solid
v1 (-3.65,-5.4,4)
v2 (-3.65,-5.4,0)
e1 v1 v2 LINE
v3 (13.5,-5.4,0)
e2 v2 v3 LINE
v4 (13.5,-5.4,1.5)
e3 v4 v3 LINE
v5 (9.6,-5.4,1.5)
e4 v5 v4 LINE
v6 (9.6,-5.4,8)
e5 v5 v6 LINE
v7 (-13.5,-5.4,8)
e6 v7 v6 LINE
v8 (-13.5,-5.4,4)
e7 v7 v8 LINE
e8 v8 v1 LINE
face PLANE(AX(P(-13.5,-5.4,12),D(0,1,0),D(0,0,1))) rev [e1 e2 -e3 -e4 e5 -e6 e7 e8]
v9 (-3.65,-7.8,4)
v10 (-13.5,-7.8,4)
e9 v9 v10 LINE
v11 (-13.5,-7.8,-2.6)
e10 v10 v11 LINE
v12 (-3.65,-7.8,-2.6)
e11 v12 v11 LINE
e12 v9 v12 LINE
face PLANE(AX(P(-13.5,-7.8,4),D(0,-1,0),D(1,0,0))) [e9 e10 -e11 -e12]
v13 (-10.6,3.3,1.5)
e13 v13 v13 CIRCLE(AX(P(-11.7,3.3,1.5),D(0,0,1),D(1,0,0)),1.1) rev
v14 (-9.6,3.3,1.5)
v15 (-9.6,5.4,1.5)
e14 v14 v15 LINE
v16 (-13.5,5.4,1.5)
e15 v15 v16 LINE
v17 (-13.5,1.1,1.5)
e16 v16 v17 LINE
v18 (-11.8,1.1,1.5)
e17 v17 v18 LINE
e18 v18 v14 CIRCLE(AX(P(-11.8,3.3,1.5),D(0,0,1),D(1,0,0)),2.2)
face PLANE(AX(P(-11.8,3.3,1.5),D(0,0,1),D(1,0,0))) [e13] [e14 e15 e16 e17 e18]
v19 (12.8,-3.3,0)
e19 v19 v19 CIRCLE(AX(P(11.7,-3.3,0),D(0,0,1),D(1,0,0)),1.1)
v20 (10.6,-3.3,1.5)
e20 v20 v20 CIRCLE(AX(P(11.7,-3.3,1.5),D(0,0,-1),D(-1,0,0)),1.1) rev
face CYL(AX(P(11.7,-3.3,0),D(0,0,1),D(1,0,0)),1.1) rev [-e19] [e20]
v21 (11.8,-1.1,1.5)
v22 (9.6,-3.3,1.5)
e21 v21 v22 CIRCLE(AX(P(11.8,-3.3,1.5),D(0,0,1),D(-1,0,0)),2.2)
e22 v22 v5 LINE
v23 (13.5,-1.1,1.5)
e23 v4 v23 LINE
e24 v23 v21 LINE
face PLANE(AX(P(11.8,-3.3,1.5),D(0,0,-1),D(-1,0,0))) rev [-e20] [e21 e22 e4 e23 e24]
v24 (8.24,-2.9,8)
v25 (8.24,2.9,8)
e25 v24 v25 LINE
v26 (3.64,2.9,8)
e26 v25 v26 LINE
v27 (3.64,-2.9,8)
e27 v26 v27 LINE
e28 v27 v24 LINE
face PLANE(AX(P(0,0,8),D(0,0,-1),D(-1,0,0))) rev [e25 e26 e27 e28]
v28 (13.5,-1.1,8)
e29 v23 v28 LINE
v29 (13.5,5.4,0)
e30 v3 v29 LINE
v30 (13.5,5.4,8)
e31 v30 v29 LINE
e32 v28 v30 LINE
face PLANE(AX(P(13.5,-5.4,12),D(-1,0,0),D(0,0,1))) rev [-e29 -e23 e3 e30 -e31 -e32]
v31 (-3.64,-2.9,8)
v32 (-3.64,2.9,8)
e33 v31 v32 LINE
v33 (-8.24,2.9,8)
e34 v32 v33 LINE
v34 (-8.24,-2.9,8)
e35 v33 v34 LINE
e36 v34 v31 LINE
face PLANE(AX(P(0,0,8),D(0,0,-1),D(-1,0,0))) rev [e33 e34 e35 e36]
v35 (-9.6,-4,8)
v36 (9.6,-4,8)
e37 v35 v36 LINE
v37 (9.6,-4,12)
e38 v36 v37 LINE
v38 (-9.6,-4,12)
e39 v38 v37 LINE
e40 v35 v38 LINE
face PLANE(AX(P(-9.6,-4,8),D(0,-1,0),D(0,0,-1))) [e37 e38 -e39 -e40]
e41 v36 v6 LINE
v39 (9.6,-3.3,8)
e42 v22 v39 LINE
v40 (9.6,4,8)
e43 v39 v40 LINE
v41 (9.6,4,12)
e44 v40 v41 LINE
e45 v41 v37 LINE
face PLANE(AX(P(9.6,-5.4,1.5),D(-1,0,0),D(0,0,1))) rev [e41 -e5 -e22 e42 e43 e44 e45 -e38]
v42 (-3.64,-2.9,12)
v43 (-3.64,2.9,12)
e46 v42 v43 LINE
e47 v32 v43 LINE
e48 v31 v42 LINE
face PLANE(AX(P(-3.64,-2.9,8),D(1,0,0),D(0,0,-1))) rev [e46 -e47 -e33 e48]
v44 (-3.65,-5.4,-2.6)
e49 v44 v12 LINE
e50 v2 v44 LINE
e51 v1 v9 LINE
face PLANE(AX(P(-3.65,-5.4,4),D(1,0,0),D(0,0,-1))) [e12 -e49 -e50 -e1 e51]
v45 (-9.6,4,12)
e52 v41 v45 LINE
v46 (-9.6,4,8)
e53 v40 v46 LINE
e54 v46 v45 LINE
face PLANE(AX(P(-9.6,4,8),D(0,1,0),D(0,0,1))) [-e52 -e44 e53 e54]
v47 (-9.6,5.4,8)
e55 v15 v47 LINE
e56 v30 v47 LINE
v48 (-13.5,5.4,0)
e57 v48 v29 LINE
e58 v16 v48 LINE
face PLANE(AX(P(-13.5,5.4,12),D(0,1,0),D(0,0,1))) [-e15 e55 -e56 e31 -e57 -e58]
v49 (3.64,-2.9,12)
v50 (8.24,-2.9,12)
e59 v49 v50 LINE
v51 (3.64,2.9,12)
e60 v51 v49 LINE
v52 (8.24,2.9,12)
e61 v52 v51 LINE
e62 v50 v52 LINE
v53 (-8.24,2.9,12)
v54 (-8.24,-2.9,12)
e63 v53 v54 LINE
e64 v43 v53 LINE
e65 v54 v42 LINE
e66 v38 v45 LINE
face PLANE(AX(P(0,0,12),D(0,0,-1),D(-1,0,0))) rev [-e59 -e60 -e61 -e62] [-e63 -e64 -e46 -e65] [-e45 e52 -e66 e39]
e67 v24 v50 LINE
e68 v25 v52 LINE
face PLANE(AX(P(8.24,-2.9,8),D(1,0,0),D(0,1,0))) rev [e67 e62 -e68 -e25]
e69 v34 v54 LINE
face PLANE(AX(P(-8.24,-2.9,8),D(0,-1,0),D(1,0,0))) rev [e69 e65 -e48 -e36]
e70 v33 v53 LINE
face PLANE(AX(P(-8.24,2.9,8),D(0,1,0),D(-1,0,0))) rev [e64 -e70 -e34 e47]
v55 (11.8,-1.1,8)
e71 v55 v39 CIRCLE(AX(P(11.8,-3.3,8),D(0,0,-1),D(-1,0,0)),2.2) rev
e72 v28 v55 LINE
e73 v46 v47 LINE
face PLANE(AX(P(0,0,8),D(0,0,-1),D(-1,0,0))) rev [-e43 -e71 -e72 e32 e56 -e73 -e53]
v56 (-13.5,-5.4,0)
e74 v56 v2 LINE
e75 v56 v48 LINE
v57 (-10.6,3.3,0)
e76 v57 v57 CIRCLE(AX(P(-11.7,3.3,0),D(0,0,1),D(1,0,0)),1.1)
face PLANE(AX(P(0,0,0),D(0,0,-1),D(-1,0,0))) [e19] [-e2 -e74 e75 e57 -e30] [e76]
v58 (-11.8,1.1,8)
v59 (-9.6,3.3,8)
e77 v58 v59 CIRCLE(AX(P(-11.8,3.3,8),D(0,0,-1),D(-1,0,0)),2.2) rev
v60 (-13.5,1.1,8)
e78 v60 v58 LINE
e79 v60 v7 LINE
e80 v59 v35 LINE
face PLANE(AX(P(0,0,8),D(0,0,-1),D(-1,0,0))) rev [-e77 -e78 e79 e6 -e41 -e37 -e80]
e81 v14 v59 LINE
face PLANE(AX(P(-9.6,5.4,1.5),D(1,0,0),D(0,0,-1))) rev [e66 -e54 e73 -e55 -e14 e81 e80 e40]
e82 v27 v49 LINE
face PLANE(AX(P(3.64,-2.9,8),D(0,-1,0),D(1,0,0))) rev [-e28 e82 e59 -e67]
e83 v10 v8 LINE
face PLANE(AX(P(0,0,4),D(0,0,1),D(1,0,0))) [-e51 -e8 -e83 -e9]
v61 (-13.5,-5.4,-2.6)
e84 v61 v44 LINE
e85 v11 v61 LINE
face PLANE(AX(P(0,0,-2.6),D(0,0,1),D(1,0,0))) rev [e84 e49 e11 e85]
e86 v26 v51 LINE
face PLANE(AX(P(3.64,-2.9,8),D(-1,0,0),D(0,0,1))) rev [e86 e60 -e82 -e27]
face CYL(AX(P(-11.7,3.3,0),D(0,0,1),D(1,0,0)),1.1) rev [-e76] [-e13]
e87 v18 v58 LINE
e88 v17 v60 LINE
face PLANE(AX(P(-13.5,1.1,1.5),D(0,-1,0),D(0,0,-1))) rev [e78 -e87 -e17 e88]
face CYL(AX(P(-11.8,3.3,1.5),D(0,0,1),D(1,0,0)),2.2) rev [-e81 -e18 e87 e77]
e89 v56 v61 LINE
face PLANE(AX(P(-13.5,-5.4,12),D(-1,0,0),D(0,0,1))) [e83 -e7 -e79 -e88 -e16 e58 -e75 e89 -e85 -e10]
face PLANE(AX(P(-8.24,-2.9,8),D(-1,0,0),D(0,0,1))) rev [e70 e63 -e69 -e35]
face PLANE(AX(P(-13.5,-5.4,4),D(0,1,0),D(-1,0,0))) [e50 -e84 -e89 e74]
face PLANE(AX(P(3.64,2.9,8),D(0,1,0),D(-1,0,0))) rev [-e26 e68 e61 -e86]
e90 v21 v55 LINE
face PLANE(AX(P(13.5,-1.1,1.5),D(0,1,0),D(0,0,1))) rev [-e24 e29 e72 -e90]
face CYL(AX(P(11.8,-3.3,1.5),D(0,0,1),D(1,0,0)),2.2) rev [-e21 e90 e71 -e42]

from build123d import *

# Parameters (mm, degrees)
SKETCH1_W                = 27
SKETCH1_H                = 10.8
BOSS_EXTRUDE1_DEPTH      = 12
SKETCH2_R                = 1.1
CUT_EXTRUDE1_DEPTH       = 19.852320812
CUT_EXTRUDE2_DEPTH       = 10.5
SKETCH4_W                = 27
SKETCH4_H                = 10.8
SKETCH4_W_2              = 19.2
SKETCH4_H_2              = 8
CUT_EXTRUDE3_DEPTH       = 4
SKETCH5_W                = 4.6
SKETCH5_H                = 5.8
CUT_EXTRUDE4_DEPTH       = 4
BOSS_EXTRUDE2_DEPTH      = 2.6
BOSS_EXTRUDE2_DEPTH_BACK = 4
SKETCH7_W                = 9.85
SKETCH7_H                = 2.4


with BuildPart() as part:
    # Sketch1 → Boss-Extrude1 (new body)
    with BuildSketch(Plane.XY):
        Rectangle(SKETCH1_W, SKETCH1_H)
    extrude(amount=BOSS_EXTRUDE1_DEPTH)

    # Sketch2 → Cut-Extrude1 (cut, through all)
    with BuildSketch(Plane.XY.offset(12)):
        with Locations((-11.7, 3.3)):
            Circle(SKETCH2_R)
        with Locations((11.7, -3.3)):
            Circle(SKETCH2_R)
    extrude(amount=-CUT_EXTRUDE1_DEPTH, mode=Mode.SUBTRACT)

    # Sketch3 → Cut-Extrude2 (cut)
    with BuildSketch(Plane.XY.offset(12)):
        with BuildLine():
            Line((9.6, -5.4), (9.6, -3.3))
            ThreePointArc((9.6, -3.3), (10.244365081, -1.744365081), (11.8, -1.1))
            Line((11.8, -1.1), (13.5, -1.1))
            Line((13.5, -1.1), (13.5, -5.4))
            Line((13.5, -5.4), (9.6, -5.4))
        make_face()
        with BuildLine():
            Line((-9.6, 5.4), (-9.6, 3.3))
            ThreePointArc((-9.6, 3.3), (-10.244365081, 1.744365081), (-11.8, 1.1))
            Line((-11.8, 1.1), (-13.5, 1.1))
            Line((-13.5, 1.1), (-13.5, 5.4))
            Line((-13.5, 5.4), (-9.6, 5.4))
        make_face()
    extrude(amount=-CUT_EXTRUDE2_DEPTH, mode=Mode.SUBTRACT)

    # Sketch4 → Cut-Extrude3 (cut)
    with BuildSketch(Plane.XY.offset(12)):
        Rectangle(SKETCH4_W, SKETCH4_H)
        Rectangle(SKETCH4_W_2, SKETCH4_H_2, mode=Mode.SUBTRACT)
    extrude(amount=-CUT_EXTRUDE3_DEPTH, mode=Mode.SUBTRACT)

    # Sketch5 → Cut-Extrude4 (cut)
    with BuildSketch(Plane.XY.offset(12)):
        with Locations((-5.94, 0)):
            Rectangle(SKETCH5_W, SKETCH5_H)
        with Locations((5.94, 0)):
            Rectangle(SKETCH5_W, SKETCH5_H)
    extrude(amount=-CUT_EXTRUDE4_DEPTH, mode=Mode.SUBTRACT)

    # Sketch7 → Boss-Extrude2 (add, two sides: drawn at the far end of the back side and taken through both)
    with BuildSketch(Plane(origin=(0, 0, 0), x_dir=(-1, 0, 0), z_dir=(0, 0, -1)).offset(-BOSS_EXTRUDE2_DEPTH_BACK)):
        with Locations((8.575, -6.6)):
            Rectangle(SKETCH7_W, SKETCH7_H)
    extrude(amount=BOSS_EXTRUDE2_DEPTH + BOSS_EXTRUDE2_DEPTH_BACK)


solid = part.part
